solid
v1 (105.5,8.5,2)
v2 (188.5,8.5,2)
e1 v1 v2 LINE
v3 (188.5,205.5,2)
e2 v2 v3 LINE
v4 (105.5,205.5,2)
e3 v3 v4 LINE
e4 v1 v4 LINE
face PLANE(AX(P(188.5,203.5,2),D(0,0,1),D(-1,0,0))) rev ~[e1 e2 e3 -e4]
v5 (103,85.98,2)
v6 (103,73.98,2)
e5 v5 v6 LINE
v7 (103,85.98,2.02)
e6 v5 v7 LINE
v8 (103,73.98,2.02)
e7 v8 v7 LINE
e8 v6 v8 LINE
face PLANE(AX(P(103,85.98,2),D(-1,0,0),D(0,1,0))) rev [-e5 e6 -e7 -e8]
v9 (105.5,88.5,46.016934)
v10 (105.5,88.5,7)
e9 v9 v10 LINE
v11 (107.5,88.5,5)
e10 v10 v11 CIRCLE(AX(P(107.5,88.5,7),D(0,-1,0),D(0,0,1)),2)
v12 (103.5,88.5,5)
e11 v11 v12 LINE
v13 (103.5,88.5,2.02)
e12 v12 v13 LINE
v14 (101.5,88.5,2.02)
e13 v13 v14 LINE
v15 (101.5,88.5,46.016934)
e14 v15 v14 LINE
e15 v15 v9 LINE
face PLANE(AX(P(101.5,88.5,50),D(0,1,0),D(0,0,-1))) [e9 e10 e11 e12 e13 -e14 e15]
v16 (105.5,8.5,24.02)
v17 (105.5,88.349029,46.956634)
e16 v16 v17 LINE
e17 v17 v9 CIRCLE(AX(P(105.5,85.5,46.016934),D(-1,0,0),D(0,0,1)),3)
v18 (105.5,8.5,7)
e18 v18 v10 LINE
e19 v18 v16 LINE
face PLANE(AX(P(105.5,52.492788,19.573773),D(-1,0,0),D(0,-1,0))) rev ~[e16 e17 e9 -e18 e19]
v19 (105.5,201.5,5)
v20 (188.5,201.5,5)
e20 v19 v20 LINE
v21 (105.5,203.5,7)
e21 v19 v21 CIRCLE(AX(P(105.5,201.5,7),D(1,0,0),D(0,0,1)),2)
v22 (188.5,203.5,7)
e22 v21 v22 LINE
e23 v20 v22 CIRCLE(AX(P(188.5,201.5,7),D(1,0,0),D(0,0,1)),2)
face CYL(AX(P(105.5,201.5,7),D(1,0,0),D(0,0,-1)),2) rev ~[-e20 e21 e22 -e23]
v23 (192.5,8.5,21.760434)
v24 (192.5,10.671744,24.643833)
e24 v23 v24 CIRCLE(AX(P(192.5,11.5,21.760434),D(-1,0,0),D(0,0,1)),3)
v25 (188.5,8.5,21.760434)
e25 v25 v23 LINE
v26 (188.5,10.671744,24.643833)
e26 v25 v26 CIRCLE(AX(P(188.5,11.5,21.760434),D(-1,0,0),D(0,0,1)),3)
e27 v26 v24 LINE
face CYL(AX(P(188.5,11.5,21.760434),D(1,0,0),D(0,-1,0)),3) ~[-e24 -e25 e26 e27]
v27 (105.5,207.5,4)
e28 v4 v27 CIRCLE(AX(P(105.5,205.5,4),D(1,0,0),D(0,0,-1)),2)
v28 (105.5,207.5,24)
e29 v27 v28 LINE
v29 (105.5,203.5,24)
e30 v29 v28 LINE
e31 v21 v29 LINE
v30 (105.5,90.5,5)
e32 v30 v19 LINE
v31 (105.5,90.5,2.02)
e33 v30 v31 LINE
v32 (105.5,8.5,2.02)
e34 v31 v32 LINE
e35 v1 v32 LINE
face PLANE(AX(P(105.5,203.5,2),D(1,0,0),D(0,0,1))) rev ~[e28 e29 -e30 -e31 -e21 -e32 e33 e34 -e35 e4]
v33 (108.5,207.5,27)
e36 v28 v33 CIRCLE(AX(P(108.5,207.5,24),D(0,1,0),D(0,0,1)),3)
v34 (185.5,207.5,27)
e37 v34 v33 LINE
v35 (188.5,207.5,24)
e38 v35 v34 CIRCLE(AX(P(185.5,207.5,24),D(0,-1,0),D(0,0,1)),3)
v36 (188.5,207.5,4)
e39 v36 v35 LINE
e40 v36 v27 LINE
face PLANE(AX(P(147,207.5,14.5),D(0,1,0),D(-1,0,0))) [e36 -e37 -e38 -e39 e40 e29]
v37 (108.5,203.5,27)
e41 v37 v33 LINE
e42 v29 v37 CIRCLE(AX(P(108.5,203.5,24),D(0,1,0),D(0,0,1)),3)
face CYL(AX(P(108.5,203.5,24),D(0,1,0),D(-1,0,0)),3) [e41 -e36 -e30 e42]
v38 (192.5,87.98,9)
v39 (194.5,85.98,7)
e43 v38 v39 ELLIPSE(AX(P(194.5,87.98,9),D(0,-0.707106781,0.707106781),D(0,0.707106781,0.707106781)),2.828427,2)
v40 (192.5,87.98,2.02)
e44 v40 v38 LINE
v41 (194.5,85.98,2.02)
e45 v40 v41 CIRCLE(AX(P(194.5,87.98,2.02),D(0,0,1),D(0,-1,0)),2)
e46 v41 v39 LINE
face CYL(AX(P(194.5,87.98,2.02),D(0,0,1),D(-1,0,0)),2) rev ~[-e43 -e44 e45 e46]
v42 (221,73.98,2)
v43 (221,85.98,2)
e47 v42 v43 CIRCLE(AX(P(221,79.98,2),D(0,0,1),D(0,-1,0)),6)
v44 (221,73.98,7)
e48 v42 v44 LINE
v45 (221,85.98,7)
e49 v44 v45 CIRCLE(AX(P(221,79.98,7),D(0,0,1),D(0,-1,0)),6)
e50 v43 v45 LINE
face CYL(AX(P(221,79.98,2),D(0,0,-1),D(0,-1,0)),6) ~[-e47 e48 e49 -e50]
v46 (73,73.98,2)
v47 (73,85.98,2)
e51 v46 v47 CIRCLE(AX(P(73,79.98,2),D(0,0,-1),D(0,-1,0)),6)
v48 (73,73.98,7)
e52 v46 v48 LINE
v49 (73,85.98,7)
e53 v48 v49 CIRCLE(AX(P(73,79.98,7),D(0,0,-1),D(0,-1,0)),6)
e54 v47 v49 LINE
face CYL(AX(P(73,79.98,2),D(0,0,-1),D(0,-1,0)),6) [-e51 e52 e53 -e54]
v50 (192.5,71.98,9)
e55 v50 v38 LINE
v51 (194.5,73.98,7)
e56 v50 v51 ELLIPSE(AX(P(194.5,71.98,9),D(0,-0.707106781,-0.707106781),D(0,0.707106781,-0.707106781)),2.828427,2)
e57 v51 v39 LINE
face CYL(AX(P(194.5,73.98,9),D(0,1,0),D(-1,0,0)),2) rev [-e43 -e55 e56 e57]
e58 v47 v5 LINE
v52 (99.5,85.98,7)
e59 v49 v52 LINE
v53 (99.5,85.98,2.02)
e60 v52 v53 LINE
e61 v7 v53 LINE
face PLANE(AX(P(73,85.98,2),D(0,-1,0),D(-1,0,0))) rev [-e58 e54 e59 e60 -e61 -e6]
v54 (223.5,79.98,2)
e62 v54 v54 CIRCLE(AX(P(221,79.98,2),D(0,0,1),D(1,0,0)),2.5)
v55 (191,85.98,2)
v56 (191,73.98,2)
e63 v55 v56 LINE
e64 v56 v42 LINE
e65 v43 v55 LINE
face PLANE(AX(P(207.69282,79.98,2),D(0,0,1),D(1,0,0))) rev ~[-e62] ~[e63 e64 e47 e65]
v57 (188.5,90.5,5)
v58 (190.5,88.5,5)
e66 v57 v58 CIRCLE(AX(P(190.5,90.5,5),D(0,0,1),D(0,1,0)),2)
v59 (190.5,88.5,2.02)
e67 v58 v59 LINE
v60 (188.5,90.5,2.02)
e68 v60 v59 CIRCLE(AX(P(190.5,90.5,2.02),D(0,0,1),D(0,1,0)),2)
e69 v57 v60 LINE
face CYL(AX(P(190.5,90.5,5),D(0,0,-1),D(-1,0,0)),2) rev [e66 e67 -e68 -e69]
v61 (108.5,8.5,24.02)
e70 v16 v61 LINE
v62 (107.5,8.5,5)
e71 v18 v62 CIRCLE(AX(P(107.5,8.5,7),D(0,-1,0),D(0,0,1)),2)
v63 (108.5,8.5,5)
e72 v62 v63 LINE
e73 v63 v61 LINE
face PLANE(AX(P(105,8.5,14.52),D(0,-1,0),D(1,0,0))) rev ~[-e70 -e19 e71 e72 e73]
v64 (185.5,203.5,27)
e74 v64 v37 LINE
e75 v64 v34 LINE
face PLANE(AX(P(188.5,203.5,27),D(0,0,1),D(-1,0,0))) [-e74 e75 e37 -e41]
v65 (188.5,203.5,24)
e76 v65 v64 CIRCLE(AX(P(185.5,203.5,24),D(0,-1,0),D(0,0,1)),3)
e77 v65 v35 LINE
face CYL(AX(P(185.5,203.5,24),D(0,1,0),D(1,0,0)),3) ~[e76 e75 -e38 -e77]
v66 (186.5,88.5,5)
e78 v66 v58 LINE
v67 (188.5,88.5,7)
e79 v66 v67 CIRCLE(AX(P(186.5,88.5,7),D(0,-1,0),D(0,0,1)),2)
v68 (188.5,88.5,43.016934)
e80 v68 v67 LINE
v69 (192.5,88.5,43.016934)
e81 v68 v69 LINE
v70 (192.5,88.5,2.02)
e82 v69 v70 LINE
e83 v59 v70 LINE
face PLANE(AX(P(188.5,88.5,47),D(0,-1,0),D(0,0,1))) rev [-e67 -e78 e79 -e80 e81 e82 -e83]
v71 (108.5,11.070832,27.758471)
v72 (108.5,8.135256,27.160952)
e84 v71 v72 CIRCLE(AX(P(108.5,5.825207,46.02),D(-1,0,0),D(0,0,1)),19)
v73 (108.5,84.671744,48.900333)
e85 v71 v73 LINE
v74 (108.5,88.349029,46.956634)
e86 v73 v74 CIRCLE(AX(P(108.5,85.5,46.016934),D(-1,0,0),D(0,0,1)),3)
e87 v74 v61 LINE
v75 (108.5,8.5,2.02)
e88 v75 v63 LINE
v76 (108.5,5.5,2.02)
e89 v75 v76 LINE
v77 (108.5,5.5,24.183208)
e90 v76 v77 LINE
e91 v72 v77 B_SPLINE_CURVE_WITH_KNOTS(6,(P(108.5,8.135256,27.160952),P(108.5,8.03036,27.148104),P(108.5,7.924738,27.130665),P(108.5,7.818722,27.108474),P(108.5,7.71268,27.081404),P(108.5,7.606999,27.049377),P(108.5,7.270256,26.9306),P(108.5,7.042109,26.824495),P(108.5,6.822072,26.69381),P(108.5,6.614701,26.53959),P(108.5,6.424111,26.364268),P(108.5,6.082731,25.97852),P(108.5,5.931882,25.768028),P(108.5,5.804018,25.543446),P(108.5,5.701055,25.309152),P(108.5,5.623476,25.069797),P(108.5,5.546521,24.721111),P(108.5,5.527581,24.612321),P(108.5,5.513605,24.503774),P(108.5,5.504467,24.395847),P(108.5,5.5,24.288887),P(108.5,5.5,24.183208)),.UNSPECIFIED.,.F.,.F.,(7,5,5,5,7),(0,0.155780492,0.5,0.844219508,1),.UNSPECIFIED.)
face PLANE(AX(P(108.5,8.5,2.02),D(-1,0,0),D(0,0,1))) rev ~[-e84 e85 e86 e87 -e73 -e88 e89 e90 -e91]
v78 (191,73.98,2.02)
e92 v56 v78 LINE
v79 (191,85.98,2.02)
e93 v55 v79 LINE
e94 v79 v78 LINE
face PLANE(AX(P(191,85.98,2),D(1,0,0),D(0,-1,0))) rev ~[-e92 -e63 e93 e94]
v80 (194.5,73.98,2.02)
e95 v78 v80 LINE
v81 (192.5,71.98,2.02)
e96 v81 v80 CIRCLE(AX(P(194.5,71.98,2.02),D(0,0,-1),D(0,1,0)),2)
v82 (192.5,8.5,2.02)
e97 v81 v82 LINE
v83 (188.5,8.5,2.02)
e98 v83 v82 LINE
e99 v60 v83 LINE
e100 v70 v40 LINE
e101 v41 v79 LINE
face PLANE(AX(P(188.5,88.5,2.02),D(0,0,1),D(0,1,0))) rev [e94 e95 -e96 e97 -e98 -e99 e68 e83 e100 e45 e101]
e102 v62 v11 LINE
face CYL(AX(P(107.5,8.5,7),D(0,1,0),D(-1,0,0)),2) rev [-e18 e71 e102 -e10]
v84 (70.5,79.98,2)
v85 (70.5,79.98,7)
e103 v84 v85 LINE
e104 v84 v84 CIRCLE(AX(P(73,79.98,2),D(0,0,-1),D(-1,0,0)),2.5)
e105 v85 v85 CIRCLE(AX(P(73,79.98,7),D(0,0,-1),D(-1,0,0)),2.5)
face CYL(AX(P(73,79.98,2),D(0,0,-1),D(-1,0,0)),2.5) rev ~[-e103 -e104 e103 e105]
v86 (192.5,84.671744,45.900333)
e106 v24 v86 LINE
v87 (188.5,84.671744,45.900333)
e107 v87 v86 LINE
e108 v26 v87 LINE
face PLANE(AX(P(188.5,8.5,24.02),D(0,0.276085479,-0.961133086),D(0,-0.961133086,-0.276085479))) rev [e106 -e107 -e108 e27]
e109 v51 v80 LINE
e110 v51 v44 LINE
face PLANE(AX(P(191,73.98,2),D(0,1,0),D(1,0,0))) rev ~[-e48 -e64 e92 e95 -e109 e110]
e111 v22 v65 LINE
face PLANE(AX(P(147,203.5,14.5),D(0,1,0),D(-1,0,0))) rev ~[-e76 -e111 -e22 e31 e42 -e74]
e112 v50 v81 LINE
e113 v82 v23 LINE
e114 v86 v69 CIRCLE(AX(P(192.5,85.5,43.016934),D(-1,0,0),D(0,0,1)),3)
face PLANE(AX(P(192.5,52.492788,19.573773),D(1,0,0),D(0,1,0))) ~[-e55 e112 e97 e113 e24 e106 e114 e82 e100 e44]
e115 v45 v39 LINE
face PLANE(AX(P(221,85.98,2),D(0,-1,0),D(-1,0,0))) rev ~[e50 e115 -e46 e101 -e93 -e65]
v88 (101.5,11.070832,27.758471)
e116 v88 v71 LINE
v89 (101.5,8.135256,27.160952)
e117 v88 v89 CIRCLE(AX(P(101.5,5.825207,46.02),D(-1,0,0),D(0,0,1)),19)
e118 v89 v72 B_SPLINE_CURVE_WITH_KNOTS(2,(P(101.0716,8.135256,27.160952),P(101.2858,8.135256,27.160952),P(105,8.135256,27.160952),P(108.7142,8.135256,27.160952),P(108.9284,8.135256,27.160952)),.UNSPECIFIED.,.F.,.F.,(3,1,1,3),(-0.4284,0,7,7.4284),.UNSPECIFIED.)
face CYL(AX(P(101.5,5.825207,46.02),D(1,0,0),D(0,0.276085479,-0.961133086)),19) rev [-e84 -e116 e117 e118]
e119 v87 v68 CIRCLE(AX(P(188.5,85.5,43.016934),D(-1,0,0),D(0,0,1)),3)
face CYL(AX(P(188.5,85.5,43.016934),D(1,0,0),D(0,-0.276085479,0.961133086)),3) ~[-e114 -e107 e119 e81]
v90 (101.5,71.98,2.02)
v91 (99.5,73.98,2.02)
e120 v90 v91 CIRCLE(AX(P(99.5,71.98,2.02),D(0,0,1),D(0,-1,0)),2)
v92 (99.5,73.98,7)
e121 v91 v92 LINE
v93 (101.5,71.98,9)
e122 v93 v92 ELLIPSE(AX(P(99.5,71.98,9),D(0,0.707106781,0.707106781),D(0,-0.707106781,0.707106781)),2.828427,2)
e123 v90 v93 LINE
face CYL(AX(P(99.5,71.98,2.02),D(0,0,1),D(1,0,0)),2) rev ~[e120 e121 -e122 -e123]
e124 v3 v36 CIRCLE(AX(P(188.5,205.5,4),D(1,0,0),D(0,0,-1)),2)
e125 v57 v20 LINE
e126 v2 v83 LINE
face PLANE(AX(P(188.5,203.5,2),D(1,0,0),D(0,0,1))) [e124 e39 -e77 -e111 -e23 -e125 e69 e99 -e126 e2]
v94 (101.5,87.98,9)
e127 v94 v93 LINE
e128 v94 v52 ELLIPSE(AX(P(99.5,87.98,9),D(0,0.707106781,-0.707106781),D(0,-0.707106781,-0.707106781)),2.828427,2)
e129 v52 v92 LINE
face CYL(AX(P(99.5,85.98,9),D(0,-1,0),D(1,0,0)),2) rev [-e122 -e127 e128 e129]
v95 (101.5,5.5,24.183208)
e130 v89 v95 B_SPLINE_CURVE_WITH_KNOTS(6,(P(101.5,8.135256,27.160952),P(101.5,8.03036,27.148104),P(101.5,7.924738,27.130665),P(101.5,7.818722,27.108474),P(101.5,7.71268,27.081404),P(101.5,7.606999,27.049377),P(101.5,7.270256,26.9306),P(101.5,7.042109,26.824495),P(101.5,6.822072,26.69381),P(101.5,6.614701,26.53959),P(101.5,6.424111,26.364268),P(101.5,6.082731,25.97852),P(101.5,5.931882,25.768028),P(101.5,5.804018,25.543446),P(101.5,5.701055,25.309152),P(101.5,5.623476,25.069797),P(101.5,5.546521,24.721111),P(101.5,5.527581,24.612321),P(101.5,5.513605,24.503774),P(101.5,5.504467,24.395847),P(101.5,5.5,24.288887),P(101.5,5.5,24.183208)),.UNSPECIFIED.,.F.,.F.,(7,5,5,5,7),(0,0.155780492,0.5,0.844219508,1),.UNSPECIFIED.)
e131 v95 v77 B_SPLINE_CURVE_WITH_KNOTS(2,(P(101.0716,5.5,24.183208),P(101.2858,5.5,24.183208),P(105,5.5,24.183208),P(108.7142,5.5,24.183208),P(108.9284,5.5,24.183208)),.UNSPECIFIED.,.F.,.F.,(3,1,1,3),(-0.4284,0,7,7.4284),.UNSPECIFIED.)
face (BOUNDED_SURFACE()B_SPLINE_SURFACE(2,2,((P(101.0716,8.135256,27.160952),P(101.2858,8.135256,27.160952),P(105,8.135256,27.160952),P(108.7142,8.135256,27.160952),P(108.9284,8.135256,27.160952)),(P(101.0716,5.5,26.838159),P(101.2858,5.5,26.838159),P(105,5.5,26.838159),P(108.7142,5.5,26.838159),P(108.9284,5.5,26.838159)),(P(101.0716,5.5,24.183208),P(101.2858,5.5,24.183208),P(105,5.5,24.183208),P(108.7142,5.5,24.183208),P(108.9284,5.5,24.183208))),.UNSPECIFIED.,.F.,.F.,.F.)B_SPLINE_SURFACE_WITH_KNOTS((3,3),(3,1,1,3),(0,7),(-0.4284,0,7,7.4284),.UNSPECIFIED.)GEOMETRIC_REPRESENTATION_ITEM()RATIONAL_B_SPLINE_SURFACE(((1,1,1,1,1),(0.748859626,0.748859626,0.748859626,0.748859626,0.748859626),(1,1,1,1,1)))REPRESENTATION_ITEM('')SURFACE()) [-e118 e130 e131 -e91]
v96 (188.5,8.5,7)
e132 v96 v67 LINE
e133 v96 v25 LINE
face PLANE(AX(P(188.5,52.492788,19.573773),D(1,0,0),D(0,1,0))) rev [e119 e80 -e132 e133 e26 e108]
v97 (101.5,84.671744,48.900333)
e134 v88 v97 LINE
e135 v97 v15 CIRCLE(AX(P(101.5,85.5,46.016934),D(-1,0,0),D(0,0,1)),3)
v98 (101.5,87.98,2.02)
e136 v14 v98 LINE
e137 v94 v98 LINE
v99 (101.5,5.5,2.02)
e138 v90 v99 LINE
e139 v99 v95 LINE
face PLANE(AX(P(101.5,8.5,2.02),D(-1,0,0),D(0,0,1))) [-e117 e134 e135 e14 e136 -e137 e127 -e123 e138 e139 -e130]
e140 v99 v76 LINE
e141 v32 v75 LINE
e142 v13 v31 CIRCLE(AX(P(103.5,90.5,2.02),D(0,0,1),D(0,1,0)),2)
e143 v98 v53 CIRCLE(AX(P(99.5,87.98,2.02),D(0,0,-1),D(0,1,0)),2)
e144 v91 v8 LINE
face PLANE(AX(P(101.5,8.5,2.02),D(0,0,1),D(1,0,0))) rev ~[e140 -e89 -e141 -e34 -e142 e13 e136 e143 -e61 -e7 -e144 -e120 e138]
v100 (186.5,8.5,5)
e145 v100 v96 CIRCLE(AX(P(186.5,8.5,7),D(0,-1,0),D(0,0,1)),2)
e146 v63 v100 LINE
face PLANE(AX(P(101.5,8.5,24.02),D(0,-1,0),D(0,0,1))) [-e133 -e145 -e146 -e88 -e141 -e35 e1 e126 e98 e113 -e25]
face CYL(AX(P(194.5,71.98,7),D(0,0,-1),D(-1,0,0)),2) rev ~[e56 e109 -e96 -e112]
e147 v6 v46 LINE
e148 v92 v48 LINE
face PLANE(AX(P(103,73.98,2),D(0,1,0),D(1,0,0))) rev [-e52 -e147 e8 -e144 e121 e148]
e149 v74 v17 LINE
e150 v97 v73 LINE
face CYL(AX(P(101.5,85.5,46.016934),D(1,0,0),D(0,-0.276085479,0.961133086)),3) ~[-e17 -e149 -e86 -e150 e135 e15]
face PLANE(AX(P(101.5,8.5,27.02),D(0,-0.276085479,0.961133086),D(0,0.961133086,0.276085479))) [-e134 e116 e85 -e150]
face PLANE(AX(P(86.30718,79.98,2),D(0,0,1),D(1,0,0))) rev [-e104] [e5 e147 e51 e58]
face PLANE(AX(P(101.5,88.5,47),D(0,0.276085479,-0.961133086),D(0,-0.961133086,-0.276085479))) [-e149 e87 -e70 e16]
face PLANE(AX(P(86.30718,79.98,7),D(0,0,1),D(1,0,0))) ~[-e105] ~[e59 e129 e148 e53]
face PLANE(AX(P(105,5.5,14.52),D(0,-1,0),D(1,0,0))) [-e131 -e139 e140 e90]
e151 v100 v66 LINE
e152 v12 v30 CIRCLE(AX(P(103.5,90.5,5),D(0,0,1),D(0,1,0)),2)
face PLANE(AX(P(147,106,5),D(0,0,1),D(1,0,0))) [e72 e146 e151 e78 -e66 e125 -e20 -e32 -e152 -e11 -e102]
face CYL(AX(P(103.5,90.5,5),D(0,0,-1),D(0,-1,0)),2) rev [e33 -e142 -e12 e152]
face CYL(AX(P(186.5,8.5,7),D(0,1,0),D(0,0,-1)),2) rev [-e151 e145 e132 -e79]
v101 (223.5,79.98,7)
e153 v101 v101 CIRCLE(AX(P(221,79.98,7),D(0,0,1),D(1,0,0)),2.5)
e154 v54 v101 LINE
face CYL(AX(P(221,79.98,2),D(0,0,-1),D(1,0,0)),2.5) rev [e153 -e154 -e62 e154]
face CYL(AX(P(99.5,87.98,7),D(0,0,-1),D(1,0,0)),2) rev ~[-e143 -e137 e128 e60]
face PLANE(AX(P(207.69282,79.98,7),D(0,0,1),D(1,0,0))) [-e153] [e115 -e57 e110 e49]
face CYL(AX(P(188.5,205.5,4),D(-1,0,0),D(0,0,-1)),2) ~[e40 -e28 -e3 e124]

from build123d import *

# Parameters (mm, degrees)
SKETCH_W     = 83
SKETCH_H     = 195
PAD_DEPTH    = 3
PAD001_DEPTH = 4
PAD002_DEPTH = 7
SKETCH003_W  = 83
SKETCH003_H  = 25
PAD003_DEPTH = 4
SKETCH005_R  = 2.5
PAD005_DEPTH = 5
SKETCH006_W  = 7
SKETCH006_H  = 25
PAD006_DEPTH = 3
FILLET_R     = 19
FILLET001_R  = 3
FILLET002_R  = 2
FILLET003_R  = 2


with BuildPart() as part:
    # Sketch (on XY_Plane of Origin) → Pad (new body)
    with BuildSketch(Plane.XY):
        Rectangle(SKETCH_W, SKETCH_H)
    extrude(amount=PAD_DEPTH)

    # Sketch001 (on Face4 of Pad) → Pad001 (join)
    with BuildSketch(Plane(origin=(-41.5, 0, 0), x_dir=(0, -1, 0), z_dir=(-1, 0, 0))):
        Polygon((97.5, 0.02), (97.5, 22.02), (17.5, 45), (17.5, 0.02), align=None)
    pad001 = extrude(amount=PAD001_DEPTH)

    # Mirrored: Pad001 across YZ
    add(pad001.mirror(Plane.YZ))

    # Sketch002 (on Face13 of Mirrored) → Pad002 (join)
    with BuildSketch(Plane(origin=(-45.5, 0, 0), x_dir=(0, -1, 0), z_dir=(-1, 0, 0))):
        Polygon((97.5, 22.02), (97.5, 25.02), (17.5, 48), (17.5, 45), align=None)
    extrude(amount=-PAD002_DEPTH)

    # Sketch003 (on Face5 of Pad002) → Pad003 (join)
    with BuildSketch(Plane(origin=(0, 97.5, 0), x_dir=(-1, 0, 0), z_dir=(0, 1, 0))):
        with Locations((0, 12.5)):
            Rectangle(SKETCH003_W, SKETCH003_H)
    extrude(amount=PAD003_DEPTH)

    # Sketch005 (on XY_Plane of Origin) → Pad005 (join)
    with BuildSketch(Plane.XY):
        with BuildLine():
            Line((44, -20.02), (44, -32.02))
            Line((44, -32.02), (74, -32.02))
            ThreePointArc((74, -32.02), (80, -26.02), (74, -20.02))
            Line((74, -20.02), (44, -20.02))
        make_face()
        with Locations((74, -26.02)):
            Circle(SKETCH005_R, mode=Mode.SUBTRACT)
    pad005 = extrude(amount=PAD005_DEPTH)

    # Mirrored001: Pad005 across Sketch005 V_Axis
    add(pad005.mirror(Plane(origin=(0, 0, 0), x_dir=(0, 0, 1), z_dir=(1, 0, 0))))

    # Sketch006 (on Face3 of Pad003) → Pad006 (join)
    with BuildSketch(Plane.XZ.offset(97.5)):
        with Locations((-42, 12.52)):
            Rectangle(SKETCH006_W, SKETCH006_H)
    extrude(amount=PAD006_DEPTH)

    # Fillet
    fillet_edges = [part.edges().sort_by_distance(p)[0] for p in [
        (-42, -97.5, 25.02),
    ]]
    fillet(fillet_edges, radius=FILLET_R)

    # Fillet001
    fillet001_edges = [part.edges().sort_by_distance(p)[0] for p in [
        (-42, -100.5, 25.02),
        (43.5, -97.5, 22.02),
        (43.5, -17.5, 45),
        (-42, -17.5, 48),
        (41.5, 99.5, 25),
        (-41.5, 99.5, 25),
    ]]
    fillet(fillet001_edges, radius=FILLET001_R)

    # Fillet002
    fillet002_edges = [part.edges().sort_by_distance(p)[0] for p in [
        (-41.5, -57.5, 3),
        (0, 97.5, 3),
        (41.5, -57.5, 3),
        (0, 101.5, 0),
    ]]
    fillet(fillet002_edges, radius=FILLET002_R)

    # Fillet003
    fillet003_edges = [part.edges().sort_by_distance(p)[0] for p in [
        (45.5, -20.02, 2.51),
        (41.5, -17.5, 1.51),
        (45.5, -32.02, 2.51),
        (45.5, -26.02, 5),
        (-45.5, -20.02, 2.51),
        (-45.5, -32.02, 2.51),
        (-45.5, -26.02, 5),
        (-41.5, -17.5, 1.51),
    ]]
    fillet(fillet003_edges, radius=FILLET003_R)


with BuildPart() as part_1:
    # Body placement: moved
    add(part.part.moved(Location((147, 106, 2))))


solid = part_1.part
